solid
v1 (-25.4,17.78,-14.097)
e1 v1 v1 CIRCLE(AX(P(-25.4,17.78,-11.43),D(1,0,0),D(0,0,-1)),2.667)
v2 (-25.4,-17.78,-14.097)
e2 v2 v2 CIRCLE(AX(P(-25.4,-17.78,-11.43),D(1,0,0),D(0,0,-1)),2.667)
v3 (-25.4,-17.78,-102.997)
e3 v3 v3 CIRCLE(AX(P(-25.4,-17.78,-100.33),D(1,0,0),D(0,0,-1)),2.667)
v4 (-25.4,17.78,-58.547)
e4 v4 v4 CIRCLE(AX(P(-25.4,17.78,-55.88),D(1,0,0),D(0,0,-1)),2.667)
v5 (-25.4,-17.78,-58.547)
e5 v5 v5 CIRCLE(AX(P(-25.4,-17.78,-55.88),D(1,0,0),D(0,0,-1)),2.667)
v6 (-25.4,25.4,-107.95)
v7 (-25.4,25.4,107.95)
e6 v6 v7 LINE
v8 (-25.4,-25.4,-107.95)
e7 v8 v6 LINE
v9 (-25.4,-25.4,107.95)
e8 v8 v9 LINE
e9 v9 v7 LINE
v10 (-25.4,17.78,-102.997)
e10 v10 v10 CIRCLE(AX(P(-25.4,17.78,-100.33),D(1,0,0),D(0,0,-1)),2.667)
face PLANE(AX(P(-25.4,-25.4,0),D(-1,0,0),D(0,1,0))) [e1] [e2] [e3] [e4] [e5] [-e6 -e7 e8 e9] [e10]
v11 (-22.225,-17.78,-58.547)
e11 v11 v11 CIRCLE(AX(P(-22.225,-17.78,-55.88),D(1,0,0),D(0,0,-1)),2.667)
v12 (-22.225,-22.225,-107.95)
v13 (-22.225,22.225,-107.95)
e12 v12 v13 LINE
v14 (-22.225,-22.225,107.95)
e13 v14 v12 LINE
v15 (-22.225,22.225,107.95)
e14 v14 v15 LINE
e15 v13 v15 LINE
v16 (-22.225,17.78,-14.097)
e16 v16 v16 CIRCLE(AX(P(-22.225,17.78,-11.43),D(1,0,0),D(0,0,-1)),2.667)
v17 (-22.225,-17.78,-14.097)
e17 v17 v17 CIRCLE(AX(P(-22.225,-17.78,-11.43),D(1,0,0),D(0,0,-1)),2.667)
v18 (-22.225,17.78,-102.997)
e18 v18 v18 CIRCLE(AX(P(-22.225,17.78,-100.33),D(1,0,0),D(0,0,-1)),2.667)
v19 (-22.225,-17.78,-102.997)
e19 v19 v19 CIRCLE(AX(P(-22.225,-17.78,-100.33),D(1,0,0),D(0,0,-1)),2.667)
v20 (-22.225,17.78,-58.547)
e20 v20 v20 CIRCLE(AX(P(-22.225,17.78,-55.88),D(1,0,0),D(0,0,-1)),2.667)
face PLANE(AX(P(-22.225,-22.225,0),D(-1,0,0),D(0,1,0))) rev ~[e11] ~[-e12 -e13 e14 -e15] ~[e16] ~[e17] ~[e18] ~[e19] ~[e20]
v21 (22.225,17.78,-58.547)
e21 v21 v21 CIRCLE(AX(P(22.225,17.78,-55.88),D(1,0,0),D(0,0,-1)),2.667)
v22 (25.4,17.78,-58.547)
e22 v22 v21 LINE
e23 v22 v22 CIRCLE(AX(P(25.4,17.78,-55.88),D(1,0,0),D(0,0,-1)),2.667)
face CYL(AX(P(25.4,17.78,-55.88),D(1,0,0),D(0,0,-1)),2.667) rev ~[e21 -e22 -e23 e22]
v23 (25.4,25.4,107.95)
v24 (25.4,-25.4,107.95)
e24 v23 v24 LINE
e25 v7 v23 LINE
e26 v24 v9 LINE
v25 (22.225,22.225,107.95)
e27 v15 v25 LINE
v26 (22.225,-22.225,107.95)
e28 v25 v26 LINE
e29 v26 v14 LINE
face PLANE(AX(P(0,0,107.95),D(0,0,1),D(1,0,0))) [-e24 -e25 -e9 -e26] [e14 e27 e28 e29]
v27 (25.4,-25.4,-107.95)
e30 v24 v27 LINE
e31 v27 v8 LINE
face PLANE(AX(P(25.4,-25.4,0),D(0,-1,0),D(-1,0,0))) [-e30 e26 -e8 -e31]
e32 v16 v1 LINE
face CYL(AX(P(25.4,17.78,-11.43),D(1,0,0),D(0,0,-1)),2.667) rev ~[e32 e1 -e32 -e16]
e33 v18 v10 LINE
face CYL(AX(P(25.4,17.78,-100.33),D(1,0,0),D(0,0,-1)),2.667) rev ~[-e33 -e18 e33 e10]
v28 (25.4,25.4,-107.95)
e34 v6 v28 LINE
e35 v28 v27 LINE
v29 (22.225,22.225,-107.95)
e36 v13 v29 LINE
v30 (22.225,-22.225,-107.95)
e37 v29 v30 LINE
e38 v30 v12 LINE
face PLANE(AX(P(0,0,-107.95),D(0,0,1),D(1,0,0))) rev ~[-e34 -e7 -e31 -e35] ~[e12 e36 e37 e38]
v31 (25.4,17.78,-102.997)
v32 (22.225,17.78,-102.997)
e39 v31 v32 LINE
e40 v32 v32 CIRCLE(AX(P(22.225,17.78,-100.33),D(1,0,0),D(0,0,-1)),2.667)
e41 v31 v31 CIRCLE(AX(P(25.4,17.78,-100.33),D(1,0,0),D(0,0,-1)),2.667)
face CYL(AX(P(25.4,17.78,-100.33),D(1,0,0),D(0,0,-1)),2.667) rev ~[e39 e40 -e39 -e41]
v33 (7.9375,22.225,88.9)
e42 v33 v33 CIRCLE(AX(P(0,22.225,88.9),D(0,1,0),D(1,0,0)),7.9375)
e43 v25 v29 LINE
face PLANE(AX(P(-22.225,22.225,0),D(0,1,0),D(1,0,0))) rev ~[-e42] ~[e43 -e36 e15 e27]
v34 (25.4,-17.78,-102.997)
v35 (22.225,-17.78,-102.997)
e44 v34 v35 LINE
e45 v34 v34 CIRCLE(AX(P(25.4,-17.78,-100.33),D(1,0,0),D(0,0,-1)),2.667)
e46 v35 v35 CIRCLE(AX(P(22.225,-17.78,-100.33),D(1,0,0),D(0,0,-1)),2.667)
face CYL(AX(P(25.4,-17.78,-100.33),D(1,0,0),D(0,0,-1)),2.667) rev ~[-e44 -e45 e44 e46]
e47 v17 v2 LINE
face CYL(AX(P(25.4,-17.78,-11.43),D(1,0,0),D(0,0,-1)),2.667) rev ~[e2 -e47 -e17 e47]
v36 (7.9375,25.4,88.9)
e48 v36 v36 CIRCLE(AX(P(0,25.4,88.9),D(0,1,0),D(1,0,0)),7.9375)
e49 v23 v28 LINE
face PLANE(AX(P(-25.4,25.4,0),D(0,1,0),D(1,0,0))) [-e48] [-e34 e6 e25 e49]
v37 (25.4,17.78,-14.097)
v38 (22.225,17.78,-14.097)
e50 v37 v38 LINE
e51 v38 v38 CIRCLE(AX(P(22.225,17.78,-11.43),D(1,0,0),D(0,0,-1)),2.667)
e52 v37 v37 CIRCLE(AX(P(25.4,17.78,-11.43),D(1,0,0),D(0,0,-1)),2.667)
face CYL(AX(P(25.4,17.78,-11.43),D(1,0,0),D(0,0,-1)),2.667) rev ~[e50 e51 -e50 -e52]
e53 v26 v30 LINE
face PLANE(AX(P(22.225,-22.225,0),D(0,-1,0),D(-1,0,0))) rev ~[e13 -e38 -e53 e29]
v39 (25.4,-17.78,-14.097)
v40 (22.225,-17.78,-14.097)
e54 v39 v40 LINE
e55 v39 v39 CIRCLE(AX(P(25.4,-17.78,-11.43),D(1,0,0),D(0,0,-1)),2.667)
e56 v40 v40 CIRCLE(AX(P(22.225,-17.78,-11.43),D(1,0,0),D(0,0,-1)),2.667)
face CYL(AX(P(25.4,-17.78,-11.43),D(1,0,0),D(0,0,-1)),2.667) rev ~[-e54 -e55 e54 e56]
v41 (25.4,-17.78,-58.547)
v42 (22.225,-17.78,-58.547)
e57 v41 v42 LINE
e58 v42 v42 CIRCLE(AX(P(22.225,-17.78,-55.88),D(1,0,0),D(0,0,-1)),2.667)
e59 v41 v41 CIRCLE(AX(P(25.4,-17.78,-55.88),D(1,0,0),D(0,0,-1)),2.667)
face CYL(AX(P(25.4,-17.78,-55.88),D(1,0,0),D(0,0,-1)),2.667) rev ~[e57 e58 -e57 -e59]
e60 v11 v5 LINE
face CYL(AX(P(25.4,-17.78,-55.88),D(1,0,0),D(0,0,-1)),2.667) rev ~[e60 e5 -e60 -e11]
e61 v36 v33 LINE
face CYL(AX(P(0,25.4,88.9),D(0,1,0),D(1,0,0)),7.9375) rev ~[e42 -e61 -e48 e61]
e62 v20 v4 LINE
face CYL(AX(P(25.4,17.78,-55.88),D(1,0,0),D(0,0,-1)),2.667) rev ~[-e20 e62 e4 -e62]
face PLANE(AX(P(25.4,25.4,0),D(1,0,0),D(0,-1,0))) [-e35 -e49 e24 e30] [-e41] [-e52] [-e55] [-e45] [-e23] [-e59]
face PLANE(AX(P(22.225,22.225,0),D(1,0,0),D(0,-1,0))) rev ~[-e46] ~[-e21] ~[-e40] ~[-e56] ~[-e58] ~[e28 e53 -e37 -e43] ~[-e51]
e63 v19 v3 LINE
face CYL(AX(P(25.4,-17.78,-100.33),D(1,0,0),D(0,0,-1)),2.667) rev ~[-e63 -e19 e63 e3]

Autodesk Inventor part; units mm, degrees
ref_plane "YZ Plane" through (0, 0, 0) normal (1, 0, 0) x (0, 1, 0)
ref_plane "XZ Plane" through (0, 0, 0) normal (0, 1, 0) x (-1, 0, 0)
ref_plane "XY Plane" through (0, 0, 0) normal (0, 0, 1) x (1, 0, 0)
sketch "Sketch1" plane through (0, 0, 0) normal (0, 0, 1) x (1, 0, 0)
  line L0 (-35.56, 0) -> (35.56, 0) construction
  line L1 (0, -35.56) -> (0, 35.56) construction
  line L2 (-25.4, 25.4) -> (25.4, 25.4)
  line L3 (25.4, 25.4) -> (25.4, -25.4)
  line L4 (25.4, -25.4) -> (-25.4, -25.4)
  line L5 (-25.4, -25.4) -> (-25.4, 25.4)
  line L6 (-22.225, 22.225) -> (22.225, 22.225)
  line L7 (22.225, 22.225) -> (22.225, -22.225)
  line L8 (22.225, -22.225) -> (-22.225, -22.225)
  line L9 (-22.225, -22.225) -> (-22.225, 22.225)
  point P0 (0, 0)
  point P1 (-25.4, 0)
  point P2 (0, 25.4)
  point P3 (-22.225, 0)
  point P4 (0, 22.225)
  dimension "d0" = 50.8
  dimension "d1" = 3.175
extrude "Extrusion1" add sketch "Sketch1" along normal mid plane 215.9
sketch "Sketch2" plane through (25.4, -25.4, 107.95) normal (1, 0, 0) x (0, 0, -1)
  line L0 (268.3764, 25.4) -> (-44.7294, 25.4) construction
  line L1 (107.95, -10.16) -> (107.95, 60.96) construction
  line L2 (119.38, 7.62) -> (208.28, 7.62) construction
  line L3 (208.28, 7.62) -> (208.28, 43.18) construction
  line L4 (208.28, 43.18) -> (119.38, 43.18) construction
  line L5 (119.38, 43.18) -> (119.38, 7.62) construction
  circle A0 centre (119.38, 43.18) radius 2.667
  circle A1 centre (119.38, 7.62) radius 2.667
  circle A2 centre (163.83, 7.62) radius 2.667
  circle A3 centre (208.28, 7.62) radius 2.667
  circle A4 centre (208.28, 43.18) radius 2.667
  circle A5 centre (163.83, 43.18) radius 2.667
  line L6 (215.9, 50.8) -> (215.9, 0) construction
  point P0 (107.95, 25.4)
  point P1 (208.28, 25.4)
  dimension "d4" = 5.334
  dimension "d5" = 7.62
  dimension "d6" = 88.9
  dimension "d7" = 17.78
extrude "Extrusion2" cut sketch "Sketch2" against normal through all
sketch "Sketch4" plane through (-25.4, 25.4, 107.95) normal (0, 1, 0) x (1, 0, 0)
  line L0 (25.4, 259.08) -> (25.4, -43.18) construction
  line L1 (-10.16, 107.95) -> (60.96, 107.95) construction
  circle A0 centre (25.4, 19.05) radius 7.9375
  line L2 (50.8, 0) -> (0, 0) construction
  line L3 (38.1, 6.35) -> (12.7, 6.35) construction
  line L4 (12.7, 6.35) -> (12.7, 31.75) construction
  line L5 (12.7, 31.75) -> (38.1, 31.75) construction
  line L6 (38.1, 31.75) -> (38.1, 6.35) construction
  line L7 (38.1, 19.05) -> (12.7, 19.05) construction
  circle A1 centre (38.1, 6.35) radius 2.413 construction
  circle A2 centre (12.7, 6.35) radius 2.413 construction
  circle A3 centre (12.7, 31.75) radius 2.413 construction
  circle A4 centre (38.1, 31.75) radius 2.413 construction
  point P0 (25.4, 107.95)
  point P1 (25.4, 6.35)
  dimension "d13" = 15.875
  dimension "d14" = 19.05
  dimension "d17" = 4.826
  dimension "d18" = 25.4
extrude "Extrusion6" cut sketch "Sketch4" against normal up to next
properties part number "Arm 18 inch" material "Aluminum 6061"
